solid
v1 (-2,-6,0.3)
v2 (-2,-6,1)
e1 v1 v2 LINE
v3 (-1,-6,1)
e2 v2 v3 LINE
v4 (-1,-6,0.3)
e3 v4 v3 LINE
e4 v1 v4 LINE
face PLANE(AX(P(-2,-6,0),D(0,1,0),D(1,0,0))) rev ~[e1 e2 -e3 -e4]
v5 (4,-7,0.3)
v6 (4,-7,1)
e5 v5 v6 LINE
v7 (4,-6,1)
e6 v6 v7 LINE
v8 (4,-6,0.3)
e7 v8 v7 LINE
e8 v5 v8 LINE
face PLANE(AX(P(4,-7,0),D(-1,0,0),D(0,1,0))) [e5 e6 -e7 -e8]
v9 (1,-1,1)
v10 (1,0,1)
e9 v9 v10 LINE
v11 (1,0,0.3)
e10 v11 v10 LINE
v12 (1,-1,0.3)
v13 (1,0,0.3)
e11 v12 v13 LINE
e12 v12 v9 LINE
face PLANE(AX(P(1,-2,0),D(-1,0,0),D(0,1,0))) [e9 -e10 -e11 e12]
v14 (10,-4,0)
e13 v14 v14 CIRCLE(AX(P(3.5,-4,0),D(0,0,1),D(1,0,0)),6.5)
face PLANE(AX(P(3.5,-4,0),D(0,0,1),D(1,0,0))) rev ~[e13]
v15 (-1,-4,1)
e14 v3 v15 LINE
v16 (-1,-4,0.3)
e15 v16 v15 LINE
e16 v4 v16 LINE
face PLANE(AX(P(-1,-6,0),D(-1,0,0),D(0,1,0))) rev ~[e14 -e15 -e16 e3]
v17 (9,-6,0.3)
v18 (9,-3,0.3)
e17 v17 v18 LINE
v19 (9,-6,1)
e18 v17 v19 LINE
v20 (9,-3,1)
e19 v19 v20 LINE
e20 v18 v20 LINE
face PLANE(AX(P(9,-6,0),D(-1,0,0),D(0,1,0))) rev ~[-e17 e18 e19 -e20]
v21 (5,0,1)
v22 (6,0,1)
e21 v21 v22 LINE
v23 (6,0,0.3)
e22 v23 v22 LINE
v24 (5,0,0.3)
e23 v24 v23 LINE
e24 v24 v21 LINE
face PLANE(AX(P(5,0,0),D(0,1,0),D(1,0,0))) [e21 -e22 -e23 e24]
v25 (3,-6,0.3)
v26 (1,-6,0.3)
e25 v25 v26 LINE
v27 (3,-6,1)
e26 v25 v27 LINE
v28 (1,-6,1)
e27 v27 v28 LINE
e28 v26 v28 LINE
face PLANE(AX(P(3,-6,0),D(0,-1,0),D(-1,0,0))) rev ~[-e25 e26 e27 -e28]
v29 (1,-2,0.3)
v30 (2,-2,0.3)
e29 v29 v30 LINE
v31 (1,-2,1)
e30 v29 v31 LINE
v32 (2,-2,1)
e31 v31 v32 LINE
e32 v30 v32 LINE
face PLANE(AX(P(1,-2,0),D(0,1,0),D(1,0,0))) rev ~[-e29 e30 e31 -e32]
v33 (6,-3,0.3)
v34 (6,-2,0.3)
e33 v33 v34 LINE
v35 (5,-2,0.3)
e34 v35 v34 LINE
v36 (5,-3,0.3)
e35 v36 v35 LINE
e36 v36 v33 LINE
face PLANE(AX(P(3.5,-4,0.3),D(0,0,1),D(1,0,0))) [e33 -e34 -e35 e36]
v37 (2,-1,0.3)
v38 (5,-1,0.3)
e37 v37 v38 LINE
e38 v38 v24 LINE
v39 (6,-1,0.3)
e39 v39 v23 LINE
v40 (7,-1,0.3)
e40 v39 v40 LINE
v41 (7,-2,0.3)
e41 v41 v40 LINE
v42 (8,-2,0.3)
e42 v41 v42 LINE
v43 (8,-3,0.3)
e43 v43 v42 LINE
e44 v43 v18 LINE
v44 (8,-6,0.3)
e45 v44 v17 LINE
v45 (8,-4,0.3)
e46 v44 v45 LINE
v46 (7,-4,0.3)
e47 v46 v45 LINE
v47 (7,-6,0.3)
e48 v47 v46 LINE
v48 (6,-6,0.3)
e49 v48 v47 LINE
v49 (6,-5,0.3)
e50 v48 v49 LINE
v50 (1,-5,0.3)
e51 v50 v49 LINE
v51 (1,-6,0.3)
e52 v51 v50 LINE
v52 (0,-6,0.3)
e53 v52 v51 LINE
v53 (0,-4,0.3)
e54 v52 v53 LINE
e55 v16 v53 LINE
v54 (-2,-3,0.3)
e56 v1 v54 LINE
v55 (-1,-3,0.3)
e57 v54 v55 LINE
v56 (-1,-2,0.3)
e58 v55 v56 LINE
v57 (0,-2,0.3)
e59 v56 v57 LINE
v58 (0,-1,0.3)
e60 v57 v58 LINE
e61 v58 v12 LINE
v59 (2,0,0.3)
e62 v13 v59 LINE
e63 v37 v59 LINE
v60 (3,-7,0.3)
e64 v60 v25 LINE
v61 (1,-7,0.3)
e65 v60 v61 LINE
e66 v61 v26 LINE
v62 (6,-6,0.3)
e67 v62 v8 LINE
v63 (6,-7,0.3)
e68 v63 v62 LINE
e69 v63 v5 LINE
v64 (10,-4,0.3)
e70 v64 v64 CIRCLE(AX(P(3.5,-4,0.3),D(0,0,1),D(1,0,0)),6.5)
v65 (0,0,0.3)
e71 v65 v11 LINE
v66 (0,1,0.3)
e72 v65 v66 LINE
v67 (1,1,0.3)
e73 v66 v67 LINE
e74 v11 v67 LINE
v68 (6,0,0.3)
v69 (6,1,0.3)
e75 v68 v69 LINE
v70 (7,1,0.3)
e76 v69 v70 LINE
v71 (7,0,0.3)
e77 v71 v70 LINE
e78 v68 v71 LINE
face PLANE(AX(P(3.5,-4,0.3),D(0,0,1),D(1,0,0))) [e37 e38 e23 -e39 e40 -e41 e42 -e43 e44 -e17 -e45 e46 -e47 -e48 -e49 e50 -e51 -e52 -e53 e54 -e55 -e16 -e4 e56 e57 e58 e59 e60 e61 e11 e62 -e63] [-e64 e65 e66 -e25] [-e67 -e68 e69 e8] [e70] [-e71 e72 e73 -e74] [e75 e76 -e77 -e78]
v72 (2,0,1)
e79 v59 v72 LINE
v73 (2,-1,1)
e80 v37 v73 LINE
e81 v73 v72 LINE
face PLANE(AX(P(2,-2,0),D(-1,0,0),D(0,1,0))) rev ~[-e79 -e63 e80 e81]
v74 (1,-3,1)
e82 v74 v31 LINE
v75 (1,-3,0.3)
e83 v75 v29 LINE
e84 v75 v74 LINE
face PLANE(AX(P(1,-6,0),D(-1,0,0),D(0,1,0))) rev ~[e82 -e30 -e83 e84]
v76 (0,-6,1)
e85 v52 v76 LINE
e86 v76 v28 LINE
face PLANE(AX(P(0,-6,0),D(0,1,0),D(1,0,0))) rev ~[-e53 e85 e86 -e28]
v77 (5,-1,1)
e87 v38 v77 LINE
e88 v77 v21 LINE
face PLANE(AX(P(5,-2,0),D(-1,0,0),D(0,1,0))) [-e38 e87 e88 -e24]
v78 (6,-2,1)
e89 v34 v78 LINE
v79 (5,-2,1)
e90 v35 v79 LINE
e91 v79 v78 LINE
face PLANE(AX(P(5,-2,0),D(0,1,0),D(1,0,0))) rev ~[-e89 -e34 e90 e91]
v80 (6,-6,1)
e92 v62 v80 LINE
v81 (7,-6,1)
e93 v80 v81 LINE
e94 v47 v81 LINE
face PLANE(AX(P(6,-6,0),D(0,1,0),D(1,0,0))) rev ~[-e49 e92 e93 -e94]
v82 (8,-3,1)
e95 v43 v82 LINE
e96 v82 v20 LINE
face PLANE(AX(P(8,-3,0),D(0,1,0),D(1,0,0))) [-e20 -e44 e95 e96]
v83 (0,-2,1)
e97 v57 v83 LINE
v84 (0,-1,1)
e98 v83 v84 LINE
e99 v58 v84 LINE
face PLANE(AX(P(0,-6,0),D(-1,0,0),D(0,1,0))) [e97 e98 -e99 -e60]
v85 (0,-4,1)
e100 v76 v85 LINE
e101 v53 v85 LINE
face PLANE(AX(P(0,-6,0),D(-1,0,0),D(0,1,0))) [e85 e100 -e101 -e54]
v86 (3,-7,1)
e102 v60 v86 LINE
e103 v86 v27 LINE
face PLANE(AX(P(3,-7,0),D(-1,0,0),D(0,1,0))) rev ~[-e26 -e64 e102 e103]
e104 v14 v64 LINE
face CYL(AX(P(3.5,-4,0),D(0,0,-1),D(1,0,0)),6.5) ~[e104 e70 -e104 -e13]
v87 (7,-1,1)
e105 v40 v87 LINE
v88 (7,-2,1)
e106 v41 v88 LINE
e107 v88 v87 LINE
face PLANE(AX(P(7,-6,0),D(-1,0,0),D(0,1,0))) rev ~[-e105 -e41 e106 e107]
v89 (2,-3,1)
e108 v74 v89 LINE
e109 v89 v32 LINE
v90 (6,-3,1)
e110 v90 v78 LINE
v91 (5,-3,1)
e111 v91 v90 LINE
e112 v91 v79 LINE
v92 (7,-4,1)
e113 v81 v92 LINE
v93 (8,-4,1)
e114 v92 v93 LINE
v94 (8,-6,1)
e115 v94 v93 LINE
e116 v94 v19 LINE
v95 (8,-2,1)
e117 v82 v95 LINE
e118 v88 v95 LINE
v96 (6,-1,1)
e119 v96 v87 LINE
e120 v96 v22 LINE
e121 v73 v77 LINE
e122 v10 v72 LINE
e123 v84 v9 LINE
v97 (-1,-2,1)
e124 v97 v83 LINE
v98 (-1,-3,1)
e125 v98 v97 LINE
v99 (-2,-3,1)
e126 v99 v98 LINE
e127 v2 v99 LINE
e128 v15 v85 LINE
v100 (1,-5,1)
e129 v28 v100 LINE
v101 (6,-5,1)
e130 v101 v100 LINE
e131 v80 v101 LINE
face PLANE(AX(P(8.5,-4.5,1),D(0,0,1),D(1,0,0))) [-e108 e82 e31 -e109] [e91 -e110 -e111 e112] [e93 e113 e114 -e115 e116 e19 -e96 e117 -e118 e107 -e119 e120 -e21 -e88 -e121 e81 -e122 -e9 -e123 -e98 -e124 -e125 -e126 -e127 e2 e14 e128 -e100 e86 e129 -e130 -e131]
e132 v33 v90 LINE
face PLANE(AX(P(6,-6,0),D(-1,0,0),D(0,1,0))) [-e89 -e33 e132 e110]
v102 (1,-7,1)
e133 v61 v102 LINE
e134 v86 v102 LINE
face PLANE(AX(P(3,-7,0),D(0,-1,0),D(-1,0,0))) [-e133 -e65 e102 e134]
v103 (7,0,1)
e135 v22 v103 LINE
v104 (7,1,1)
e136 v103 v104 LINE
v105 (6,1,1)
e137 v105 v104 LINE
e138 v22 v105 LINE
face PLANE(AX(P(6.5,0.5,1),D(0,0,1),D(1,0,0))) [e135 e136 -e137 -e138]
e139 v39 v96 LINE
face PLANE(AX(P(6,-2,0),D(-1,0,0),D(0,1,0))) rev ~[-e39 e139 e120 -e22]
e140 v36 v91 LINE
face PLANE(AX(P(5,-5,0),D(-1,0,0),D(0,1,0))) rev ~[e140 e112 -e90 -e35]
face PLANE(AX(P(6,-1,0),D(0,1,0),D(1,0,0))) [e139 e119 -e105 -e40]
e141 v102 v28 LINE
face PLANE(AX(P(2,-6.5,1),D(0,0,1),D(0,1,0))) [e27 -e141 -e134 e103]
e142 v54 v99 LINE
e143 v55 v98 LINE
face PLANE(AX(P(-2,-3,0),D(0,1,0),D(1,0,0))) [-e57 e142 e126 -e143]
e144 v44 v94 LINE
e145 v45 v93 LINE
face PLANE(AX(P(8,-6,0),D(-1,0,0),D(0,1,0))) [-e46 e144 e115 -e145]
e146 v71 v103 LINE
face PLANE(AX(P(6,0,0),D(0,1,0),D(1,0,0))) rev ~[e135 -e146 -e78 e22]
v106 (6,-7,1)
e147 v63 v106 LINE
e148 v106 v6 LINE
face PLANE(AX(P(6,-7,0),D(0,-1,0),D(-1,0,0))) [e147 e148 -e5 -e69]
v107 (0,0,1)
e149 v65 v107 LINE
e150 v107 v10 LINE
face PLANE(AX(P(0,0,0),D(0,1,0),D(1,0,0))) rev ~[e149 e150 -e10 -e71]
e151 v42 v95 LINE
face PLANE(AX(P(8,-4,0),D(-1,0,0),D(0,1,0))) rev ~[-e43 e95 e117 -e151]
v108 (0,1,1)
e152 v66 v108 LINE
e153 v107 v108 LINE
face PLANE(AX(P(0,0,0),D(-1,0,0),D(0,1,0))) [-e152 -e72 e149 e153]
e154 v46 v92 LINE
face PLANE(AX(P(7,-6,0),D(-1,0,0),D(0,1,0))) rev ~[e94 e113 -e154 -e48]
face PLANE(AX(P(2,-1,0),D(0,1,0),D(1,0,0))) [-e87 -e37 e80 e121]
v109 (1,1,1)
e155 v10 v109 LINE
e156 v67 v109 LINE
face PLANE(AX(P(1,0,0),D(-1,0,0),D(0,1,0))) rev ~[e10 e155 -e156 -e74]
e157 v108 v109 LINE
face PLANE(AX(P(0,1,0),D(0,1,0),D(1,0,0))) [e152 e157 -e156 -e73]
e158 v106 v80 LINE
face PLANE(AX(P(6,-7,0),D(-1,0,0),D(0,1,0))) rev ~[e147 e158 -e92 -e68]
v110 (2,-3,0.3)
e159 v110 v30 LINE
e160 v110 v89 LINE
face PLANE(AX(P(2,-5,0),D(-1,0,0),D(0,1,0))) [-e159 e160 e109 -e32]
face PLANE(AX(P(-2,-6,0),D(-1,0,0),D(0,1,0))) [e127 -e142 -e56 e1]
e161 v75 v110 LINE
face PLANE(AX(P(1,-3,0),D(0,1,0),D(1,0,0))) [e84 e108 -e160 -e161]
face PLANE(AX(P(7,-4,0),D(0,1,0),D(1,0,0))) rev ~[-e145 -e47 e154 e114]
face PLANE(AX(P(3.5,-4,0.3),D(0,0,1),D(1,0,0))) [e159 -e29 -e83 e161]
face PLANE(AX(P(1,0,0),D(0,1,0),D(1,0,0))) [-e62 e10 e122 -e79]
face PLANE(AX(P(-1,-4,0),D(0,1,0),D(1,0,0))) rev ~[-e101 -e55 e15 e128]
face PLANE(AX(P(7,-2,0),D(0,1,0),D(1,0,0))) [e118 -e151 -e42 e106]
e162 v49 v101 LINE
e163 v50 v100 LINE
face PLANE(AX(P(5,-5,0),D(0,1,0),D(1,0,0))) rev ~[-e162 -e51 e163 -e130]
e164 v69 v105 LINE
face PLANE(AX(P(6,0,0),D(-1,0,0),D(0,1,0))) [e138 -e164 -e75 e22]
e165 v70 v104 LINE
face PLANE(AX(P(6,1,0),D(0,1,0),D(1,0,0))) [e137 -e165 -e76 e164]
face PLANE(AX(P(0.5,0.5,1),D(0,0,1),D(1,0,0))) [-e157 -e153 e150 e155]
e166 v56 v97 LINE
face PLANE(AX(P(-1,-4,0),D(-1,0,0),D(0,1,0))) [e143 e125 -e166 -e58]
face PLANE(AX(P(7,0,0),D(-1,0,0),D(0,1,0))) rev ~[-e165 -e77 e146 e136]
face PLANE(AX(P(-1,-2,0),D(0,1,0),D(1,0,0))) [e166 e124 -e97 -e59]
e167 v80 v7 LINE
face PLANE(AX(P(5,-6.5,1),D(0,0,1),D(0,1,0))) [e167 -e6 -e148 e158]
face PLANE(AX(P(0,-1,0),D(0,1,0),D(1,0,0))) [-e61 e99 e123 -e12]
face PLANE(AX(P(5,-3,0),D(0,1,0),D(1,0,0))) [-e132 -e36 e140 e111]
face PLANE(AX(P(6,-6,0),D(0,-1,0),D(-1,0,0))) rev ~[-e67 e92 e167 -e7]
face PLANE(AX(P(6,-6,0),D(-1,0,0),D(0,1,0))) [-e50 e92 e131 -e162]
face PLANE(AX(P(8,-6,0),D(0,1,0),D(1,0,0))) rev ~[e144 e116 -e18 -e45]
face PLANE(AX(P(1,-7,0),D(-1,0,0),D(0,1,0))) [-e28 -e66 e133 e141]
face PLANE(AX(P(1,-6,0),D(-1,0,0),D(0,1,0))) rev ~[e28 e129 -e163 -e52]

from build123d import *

# Parameters (mm, degrees)
CYLINDER_R     = 6.5
CYLINDER_DEPTH = 0.3
BOX001_W       = 1
BOX001_H       = 2
BOX001_DEPTH   = 1
BOX002_W       = 3
BOX002_H       = 4
BOX002_DEPTH   = 1
BOX003_W       = 1
BOX003_H       = 2
BOX003_DEPTH   = 1
BOX004_W       = 1
BOX004_H       = 1
BOX004_DEPTH   = 1
BOX005_W       = 1
BOX005_H       = 5
BOX005_DEPTH   = 1
BOX006_W       = 1
BOX006_H       = 5
BOX006_DEPTH   = 1
BOX007_W       = 1
BOX007_H       = 2
BOX007_DEPTH   = 1
BOX008_W       = 1
BOX008_H       = 2
BOX008_DEPTH   = 1
BOX009_W       = 1
BOX009_H       = 2
BOX009_DEPTH   = 1
BOX010_W       = 1
BOX010_H       = 2
BOX010_DEPTH   = 1
BOX011_W       = 1
BOX011_H       = 3
BOX011_DEPTH   = 1
BOX012_W       = 1
BOX012_H       = 3
BOX012_DEPTH   = 1
BOX013_W       = 1
BOX013_H       = 2
BOX013_DEPTH   = 1
BOX014_W       = 1
BOX014_H       = 2
BOX014_DEPTH   = 1
BOX_W          = 1
BOX_H          = 1
BOX_DEPTH      = 1


with BuildPart() as cilindro:
    # Cylinder → Cylinder (new body)
    with BuildSketch(Plane(origin=(3.5, -4, 0), x_dir=(1, 0, 0), z_dir=(0, 0, 1))):
        Circle(CYLINDER_R)
    extrude(amount=CYLINDER_DEPTH)


with BuildPart() as cubo001:
    # Box001 → Box001 (new body)
    with BuildSketch(Plane(origin=(1, -2, 0), x_dir=(1, 0, 0), z_dir=(0, 0, 1))):
        with Locations((0.5, 1)):
            Rectangle(BOX001_W, BOX001_H)
    extrude(amount=BOX001_DEPTH)


with BuildPart() as cubo002:
    # Box002 → Box002 (new body)
    with BuildSketch(Plane(origin=(2, -5, 0), x_dir=(1, 0, 0), z_dir=(0, 0, 1))):
        with Locations((1.5, 2)):
            Rectangle(BOX002_W, BOX002_H)
    extrude(amount=BOX002_DEPTH)


with BuildPart() as cubo003:
    # Box003 → Box003 (new body)
    with BuildSketch(Plane(origin=(5, -2, 0), x_dir=(1, 0, 0), z_dir=(0, 0, 1))):
        with Locations((0.5, 1)):
            Rectangle(BOX003_W, BOX003_H)
    extrude(amount=BOX003_DEPTH)


with BuildPart() as cubo004:
    # Box004 → Box004 (new body)
    with BuildSketch(Plane(origin=(6, 0, 0), x_dir=(1, 0, 0), z_dir=(0, 0, 1))):
        with Locations((0.5, 0.5)):
            Rectangle(BOX004_W, BOX004_H)
    extrude(amount=BOX004_DEPTH)


with BuildPart() as cubo005:
    # Box005 → Box005 (new body)
    with BuildSketch(Plane(origin=(0, -6, 0), x_dir=(1, 0, 0), z_dir=(0, 0, 1))):
        with Locations((0.5, 2.5)):
            Rectangle(BOX005_W, BOX005_H)
    extrude(amount=BOX005_DEPTH)


with BuildPart() as cubo006:
    # Box006 → Box006 (new body)
    with BuildSketch(Plane(origin=(6, -6, 0), x_dir=(1, 0, 0), z_dir=(0, 0, 1))):
        with Locations((0.5, 2.5)):
            Rectangle(BOX006_W, BOX006_H)
    extrude(amount=BOX006_DEPTH)


with BuildPart() as cubo007:
    # Box007 → Box007 (new body)
    with BuildSketch(Plane(origin=(1, -5, 0), x_dir=(1, 0, 0), z_dir=(0, 0, 1))):
        with Locations((0.5, 1)):
            Rectangle(BOX007_W, BOX007_H)
    extrude(amount=BOX007_DEPTH)


with BuildPart() as cubo008:
    # Box008 → Box008 (new body)
    with BuildSketch(Plane(origin=(5, -5, 0), x_dir=(1, 0, 0), z_dir=(0, 0, 1))):
        with Locations((0.5, 1)):
            Rectangle(BOX008_W, BOX008_H)
    extrude(amount=BOX008_DEPTH)


with BuildPart() as cubo009:
    # Box009 → Box009 (new body)
    with BuildSketch(Plane(origin=(-1, -4, 0), x_dir=(1, 0, 0), z_dir=(0, 0, 1))):
        with Locations((0.5, 1)):
            Rectangle(BOX009_W, BOX009_H)
    extrude(amount=BOX009_DEPTH)


with BuildPart() as cubo010:
    # Box010 → Box010 (new body)
    with BuildSketch(Plane(origin=(7, -4, 0), x_dir=(1, 0, 0), z_dir=(0, 0, 1))):
        with Locations((0.5, 1)):
            Rectangle(BOX010_W, BOX010_H)
    extrude(amount=BOX010_DEPTH)


with BuildPart() as cubo011:
    # Box011 → Box011 (new body)
    with BuildSketch(Plane(origin=(-2, -6, 0), x_dir=(1, 0, 0), z_dir=(0, 0, 1))):
        with Locations((0.5, 1.5)):
            Rectangle(BOX011_W, BOX011_H)
    extrude(amount=BOX011_DEPTH)


with BuildPart() as cubo012:
    # Box012 → Box012 (new body)
    with BuildSketch(Plane(origin=(8, -6, 0), x_dir=(1, 0, 0), z_dir=(0, 0, 1))):
        with Locations((0.5, 1.5)):
            Rectangle(BOX012_W, BOX012_H)
    extrude(amount=BOX012_DEPTH)


with BuildPart() as cubo013:
    # Box013 → Box013 (new body)
    with BuildSketch(Plane(origin=(3, -7, 0), x_dir=(0, 1, 0), z_dir=(0, 0, 1))):
        with Locations((0.5, 1)):
            Rectangle(BOX013_W, BOX013_H)
    extrude(amount=BOX013_DEPTH)


with BuildPart() as cubo014:
    # Box014 → Box014 (new body)
    with BuildSketch(Plane(origin=(6, -7, 0), x_dir=(0, 1, 0), z_dir=(0, 0, 1))):
        with Locations((0.5, 1)):
            Rectangle(BOX014_W, BOX014_H)
    extrude(amount=BOX014_DEPTH)


with BuildPart() as fusion001:
    # Box → Box (new body)
    with BuildSketch(Plane.XY):
        with Locations((0.5, 0.5)):
            Rectangle(BOX_W, BOX_H)
    extrude(amount=BOX_DEPTH)

    # Fusion: union Cubo001, Cubo002, Cubo003, Cubo004, Cubo005, Cubo006, Cubo007, Cubo008, Cubo009, Cubo010, Cubo011, Cubo012, Cubo013, Cubo014
    add(cubo001.part)
    add(cubo002.part)
    add(cubo003.part)
    add(cubo004.part)
    add(cubo005.part)
    add(cubo006.part)
    add(cubo007.part)
    add(cubo008.part)
    add(cubo009.part)
    add(cubo010.part)
    add(cubo011.part)
    add(cubo012.part)
    add(cubo013.part)
    add(cubo014.part)

    # Fusion001: union Cilindro
    add(cilindro.part)


solid = fusion001.part
